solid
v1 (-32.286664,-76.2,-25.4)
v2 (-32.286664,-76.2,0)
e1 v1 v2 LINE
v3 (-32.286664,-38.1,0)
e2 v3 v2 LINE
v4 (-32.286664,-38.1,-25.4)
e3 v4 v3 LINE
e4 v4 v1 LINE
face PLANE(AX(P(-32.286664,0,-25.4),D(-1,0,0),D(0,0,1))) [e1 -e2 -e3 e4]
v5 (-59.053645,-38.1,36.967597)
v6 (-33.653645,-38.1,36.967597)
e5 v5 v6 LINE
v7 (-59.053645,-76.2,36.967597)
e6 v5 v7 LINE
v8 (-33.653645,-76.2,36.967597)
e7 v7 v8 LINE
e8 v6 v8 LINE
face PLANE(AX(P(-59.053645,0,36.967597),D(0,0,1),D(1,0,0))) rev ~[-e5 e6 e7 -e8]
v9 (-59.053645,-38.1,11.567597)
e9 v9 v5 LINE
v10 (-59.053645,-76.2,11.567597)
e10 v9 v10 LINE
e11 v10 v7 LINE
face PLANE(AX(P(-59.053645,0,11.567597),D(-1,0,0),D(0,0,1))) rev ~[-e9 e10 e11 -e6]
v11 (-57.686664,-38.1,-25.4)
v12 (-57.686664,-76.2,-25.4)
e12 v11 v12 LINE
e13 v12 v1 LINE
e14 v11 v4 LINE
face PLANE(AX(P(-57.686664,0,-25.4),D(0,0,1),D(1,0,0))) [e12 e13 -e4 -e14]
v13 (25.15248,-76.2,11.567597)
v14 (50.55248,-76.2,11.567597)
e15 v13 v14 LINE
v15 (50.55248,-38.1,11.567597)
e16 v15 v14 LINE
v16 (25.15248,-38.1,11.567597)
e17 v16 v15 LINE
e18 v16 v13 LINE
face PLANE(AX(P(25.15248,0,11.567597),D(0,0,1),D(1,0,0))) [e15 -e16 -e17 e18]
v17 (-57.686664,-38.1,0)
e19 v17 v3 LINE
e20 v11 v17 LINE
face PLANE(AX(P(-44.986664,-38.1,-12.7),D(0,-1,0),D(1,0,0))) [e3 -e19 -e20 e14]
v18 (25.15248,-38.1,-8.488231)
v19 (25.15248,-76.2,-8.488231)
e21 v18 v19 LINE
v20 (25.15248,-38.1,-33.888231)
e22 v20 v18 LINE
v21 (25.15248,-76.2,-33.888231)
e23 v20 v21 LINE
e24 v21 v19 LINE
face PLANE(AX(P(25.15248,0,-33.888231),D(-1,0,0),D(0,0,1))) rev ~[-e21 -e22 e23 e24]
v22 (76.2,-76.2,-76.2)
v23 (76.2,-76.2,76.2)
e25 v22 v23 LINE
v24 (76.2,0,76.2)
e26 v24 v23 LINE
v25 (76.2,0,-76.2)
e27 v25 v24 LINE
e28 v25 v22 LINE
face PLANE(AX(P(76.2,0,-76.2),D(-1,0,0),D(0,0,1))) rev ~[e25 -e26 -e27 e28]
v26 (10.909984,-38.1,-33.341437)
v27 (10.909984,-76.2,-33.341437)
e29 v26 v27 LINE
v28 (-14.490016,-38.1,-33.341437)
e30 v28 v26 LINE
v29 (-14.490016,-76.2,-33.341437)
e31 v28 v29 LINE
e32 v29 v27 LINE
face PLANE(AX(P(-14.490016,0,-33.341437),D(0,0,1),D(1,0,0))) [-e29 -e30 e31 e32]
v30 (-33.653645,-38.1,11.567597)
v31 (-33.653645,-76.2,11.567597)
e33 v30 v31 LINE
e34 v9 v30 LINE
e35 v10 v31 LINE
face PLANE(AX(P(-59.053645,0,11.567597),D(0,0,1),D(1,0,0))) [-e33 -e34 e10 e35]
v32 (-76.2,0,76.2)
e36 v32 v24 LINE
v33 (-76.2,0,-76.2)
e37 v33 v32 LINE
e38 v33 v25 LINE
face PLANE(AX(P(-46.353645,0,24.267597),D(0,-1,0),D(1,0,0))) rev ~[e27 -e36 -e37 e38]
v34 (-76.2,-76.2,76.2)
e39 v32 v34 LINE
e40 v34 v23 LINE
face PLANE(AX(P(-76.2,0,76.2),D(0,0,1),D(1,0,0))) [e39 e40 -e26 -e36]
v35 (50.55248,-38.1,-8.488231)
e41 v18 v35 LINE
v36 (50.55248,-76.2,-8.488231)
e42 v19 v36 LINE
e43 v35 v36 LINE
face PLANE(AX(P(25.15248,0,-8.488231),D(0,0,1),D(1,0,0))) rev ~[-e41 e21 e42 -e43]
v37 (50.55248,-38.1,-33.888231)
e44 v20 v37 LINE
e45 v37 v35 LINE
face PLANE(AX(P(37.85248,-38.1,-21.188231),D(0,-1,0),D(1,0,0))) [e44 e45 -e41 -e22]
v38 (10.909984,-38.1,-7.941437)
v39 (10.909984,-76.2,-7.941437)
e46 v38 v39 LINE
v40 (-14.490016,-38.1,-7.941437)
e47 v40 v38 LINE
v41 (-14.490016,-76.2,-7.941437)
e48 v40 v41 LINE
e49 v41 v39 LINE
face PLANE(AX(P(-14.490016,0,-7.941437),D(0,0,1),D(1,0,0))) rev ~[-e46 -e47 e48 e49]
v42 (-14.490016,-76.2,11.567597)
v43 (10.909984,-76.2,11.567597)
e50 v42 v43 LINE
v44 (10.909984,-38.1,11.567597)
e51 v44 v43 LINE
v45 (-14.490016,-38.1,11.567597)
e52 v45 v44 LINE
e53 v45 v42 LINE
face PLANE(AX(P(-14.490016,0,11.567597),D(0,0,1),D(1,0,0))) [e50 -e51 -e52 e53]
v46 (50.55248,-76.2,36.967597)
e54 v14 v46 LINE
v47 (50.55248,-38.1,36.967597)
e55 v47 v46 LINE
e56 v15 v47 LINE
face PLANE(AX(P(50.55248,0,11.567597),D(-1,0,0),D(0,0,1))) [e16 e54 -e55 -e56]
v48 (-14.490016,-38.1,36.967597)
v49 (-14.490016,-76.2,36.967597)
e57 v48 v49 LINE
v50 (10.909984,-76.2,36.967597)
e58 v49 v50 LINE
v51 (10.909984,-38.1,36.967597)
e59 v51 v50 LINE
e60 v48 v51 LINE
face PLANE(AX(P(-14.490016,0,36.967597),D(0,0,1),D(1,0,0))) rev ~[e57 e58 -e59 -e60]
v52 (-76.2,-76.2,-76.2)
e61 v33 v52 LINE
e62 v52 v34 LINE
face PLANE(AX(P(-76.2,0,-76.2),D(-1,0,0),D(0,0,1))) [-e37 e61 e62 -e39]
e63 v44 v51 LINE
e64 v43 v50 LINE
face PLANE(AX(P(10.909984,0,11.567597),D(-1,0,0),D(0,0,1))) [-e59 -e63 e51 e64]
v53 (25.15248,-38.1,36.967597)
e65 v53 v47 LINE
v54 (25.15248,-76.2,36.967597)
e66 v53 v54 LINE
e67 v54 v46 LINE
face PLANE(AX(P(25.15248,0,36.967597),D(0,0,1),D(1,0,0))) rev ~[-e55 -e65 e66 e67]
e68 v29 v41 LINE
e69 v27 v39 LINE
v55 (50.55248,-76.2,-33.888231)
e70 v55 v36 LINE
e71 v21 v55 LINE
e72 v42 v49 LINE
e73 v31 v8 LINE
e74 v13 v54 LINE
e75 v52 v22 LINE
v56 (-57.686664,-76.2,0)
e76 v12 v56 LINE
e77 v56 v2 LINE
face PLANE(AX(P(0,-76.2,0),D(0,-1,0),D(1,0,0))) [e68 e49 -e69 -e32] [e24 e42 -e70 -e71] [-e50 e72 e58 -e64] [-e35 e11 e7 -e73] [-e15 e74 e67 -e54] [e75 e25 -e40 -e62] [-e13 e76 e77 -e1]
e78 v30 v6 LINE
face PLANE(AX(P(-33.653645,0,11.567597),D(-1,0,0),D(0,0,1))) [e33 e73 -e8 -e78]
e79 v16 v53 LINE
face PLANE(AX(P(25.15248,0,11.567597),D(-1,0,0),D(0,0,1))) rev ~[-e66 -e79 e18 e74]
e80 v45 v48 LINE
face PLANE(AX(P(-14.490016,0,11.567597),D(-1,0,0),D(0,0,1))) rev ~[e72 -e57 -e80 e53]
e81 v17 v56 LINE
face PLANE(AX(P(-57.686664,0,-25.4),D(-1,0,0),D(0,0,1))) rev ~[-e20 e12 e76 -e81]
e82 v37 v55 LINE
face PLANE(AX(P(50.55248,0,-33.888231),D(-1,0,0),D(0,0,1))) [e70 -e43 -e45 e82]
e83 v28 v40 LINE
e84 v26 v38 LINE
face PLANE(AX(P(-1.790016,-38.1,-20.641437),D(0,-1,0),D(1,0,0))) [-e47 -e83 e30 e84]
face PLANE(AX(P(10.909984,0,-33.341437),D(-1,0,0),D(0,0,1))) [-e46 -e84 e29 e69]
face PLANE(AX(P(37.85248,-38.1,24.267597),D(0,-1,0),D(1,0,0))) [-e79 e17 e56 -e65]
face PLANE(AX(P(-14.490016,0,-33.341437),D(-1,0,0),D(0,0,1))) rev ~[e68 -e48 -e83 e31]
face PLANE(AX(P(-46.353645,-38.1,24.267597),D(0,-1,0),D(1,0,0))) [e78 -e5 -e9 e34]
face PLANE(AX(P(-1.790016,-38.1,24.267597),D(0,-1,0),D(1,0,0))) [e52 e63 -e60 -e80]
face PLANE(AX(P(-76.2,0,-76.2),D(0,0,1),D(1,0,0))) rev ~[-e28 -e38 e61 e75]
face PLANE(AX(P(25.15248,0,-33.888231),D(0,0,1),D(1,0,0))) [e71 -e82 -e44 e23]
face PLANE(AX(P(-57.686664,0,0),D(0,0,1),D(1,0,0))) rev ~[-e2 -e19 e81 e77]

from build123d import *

# Parameters (mm, degrees)
F0_W     = 152.4
F0_H     = 152.4
F0_W_2   = 25.4
F0_H_2   = 25.4
F1_DEPTH = 76.2
F2_DEPTH = 38.1


with BuildPart() as f1:
    # F0 (on Front) → F1 (new body)
    with BuildSketch(Plane.XZ):
        Rectangle(F0_W, F0_H)
        with Locations((-44.986664, -12.7)):
            Rectangle(F0_W_2, F0_H_2, mode=Mode.SUBTRACT)
        with Locations((-1.790016, -20.641437)):
            Rectangle(F0_W_2, F0_H_2, mode=Mode.SUBTRACT)
        with Locations((37.85248, -21.188231)):
            Rectangle(F0_W_2, F0_H_2, mode=Mode.SUBTRACT)
        with Locations((-46.353645, 24.267597)):
            Rectangle(F0_W_2, F0_H_2, mode=Mode.SUBTRACT)
        with Locations((-1.790016, 24.267597)):
            Rectangle(F0_W_2, F0_H_2, mode=Mode.SUBTRACT)
        with Locations((37.85248, 24.267597)):
            Rectangle(F0_W_2, F0_H_2, mode=Mode.SUBTRACT)
    extrude(amount=F1_DEPTH)

    # F0 (on Front) → F2 (join)
    with BuildSketch(Plane.XZ):
        with Locations((-46.353645, 24.267597)):
            Rectangle(F0_W_2, F0_H_2)
        with Locations((-1.790016, 24.267597)):
            Rectangle(F0_W_2, F0_H_2)
        with Locations((37.85248, 24.267597)):
            Rectangle(F0_W_2, F0_H_2)
        with Locations((-1.790016, -20.641437)):
            Rectangle(F0_W_2, F0_H_2)
        with Locations((-44.986664, -12.7)):
            Rectangle(F0_W_2, F0_H_2)
        with Locations((37.85248, -21.188231)):
            Rectangle(F0_W_2, F0_H_2)
    extrude(amount=F2_DEPTH)


solid = f1.part
